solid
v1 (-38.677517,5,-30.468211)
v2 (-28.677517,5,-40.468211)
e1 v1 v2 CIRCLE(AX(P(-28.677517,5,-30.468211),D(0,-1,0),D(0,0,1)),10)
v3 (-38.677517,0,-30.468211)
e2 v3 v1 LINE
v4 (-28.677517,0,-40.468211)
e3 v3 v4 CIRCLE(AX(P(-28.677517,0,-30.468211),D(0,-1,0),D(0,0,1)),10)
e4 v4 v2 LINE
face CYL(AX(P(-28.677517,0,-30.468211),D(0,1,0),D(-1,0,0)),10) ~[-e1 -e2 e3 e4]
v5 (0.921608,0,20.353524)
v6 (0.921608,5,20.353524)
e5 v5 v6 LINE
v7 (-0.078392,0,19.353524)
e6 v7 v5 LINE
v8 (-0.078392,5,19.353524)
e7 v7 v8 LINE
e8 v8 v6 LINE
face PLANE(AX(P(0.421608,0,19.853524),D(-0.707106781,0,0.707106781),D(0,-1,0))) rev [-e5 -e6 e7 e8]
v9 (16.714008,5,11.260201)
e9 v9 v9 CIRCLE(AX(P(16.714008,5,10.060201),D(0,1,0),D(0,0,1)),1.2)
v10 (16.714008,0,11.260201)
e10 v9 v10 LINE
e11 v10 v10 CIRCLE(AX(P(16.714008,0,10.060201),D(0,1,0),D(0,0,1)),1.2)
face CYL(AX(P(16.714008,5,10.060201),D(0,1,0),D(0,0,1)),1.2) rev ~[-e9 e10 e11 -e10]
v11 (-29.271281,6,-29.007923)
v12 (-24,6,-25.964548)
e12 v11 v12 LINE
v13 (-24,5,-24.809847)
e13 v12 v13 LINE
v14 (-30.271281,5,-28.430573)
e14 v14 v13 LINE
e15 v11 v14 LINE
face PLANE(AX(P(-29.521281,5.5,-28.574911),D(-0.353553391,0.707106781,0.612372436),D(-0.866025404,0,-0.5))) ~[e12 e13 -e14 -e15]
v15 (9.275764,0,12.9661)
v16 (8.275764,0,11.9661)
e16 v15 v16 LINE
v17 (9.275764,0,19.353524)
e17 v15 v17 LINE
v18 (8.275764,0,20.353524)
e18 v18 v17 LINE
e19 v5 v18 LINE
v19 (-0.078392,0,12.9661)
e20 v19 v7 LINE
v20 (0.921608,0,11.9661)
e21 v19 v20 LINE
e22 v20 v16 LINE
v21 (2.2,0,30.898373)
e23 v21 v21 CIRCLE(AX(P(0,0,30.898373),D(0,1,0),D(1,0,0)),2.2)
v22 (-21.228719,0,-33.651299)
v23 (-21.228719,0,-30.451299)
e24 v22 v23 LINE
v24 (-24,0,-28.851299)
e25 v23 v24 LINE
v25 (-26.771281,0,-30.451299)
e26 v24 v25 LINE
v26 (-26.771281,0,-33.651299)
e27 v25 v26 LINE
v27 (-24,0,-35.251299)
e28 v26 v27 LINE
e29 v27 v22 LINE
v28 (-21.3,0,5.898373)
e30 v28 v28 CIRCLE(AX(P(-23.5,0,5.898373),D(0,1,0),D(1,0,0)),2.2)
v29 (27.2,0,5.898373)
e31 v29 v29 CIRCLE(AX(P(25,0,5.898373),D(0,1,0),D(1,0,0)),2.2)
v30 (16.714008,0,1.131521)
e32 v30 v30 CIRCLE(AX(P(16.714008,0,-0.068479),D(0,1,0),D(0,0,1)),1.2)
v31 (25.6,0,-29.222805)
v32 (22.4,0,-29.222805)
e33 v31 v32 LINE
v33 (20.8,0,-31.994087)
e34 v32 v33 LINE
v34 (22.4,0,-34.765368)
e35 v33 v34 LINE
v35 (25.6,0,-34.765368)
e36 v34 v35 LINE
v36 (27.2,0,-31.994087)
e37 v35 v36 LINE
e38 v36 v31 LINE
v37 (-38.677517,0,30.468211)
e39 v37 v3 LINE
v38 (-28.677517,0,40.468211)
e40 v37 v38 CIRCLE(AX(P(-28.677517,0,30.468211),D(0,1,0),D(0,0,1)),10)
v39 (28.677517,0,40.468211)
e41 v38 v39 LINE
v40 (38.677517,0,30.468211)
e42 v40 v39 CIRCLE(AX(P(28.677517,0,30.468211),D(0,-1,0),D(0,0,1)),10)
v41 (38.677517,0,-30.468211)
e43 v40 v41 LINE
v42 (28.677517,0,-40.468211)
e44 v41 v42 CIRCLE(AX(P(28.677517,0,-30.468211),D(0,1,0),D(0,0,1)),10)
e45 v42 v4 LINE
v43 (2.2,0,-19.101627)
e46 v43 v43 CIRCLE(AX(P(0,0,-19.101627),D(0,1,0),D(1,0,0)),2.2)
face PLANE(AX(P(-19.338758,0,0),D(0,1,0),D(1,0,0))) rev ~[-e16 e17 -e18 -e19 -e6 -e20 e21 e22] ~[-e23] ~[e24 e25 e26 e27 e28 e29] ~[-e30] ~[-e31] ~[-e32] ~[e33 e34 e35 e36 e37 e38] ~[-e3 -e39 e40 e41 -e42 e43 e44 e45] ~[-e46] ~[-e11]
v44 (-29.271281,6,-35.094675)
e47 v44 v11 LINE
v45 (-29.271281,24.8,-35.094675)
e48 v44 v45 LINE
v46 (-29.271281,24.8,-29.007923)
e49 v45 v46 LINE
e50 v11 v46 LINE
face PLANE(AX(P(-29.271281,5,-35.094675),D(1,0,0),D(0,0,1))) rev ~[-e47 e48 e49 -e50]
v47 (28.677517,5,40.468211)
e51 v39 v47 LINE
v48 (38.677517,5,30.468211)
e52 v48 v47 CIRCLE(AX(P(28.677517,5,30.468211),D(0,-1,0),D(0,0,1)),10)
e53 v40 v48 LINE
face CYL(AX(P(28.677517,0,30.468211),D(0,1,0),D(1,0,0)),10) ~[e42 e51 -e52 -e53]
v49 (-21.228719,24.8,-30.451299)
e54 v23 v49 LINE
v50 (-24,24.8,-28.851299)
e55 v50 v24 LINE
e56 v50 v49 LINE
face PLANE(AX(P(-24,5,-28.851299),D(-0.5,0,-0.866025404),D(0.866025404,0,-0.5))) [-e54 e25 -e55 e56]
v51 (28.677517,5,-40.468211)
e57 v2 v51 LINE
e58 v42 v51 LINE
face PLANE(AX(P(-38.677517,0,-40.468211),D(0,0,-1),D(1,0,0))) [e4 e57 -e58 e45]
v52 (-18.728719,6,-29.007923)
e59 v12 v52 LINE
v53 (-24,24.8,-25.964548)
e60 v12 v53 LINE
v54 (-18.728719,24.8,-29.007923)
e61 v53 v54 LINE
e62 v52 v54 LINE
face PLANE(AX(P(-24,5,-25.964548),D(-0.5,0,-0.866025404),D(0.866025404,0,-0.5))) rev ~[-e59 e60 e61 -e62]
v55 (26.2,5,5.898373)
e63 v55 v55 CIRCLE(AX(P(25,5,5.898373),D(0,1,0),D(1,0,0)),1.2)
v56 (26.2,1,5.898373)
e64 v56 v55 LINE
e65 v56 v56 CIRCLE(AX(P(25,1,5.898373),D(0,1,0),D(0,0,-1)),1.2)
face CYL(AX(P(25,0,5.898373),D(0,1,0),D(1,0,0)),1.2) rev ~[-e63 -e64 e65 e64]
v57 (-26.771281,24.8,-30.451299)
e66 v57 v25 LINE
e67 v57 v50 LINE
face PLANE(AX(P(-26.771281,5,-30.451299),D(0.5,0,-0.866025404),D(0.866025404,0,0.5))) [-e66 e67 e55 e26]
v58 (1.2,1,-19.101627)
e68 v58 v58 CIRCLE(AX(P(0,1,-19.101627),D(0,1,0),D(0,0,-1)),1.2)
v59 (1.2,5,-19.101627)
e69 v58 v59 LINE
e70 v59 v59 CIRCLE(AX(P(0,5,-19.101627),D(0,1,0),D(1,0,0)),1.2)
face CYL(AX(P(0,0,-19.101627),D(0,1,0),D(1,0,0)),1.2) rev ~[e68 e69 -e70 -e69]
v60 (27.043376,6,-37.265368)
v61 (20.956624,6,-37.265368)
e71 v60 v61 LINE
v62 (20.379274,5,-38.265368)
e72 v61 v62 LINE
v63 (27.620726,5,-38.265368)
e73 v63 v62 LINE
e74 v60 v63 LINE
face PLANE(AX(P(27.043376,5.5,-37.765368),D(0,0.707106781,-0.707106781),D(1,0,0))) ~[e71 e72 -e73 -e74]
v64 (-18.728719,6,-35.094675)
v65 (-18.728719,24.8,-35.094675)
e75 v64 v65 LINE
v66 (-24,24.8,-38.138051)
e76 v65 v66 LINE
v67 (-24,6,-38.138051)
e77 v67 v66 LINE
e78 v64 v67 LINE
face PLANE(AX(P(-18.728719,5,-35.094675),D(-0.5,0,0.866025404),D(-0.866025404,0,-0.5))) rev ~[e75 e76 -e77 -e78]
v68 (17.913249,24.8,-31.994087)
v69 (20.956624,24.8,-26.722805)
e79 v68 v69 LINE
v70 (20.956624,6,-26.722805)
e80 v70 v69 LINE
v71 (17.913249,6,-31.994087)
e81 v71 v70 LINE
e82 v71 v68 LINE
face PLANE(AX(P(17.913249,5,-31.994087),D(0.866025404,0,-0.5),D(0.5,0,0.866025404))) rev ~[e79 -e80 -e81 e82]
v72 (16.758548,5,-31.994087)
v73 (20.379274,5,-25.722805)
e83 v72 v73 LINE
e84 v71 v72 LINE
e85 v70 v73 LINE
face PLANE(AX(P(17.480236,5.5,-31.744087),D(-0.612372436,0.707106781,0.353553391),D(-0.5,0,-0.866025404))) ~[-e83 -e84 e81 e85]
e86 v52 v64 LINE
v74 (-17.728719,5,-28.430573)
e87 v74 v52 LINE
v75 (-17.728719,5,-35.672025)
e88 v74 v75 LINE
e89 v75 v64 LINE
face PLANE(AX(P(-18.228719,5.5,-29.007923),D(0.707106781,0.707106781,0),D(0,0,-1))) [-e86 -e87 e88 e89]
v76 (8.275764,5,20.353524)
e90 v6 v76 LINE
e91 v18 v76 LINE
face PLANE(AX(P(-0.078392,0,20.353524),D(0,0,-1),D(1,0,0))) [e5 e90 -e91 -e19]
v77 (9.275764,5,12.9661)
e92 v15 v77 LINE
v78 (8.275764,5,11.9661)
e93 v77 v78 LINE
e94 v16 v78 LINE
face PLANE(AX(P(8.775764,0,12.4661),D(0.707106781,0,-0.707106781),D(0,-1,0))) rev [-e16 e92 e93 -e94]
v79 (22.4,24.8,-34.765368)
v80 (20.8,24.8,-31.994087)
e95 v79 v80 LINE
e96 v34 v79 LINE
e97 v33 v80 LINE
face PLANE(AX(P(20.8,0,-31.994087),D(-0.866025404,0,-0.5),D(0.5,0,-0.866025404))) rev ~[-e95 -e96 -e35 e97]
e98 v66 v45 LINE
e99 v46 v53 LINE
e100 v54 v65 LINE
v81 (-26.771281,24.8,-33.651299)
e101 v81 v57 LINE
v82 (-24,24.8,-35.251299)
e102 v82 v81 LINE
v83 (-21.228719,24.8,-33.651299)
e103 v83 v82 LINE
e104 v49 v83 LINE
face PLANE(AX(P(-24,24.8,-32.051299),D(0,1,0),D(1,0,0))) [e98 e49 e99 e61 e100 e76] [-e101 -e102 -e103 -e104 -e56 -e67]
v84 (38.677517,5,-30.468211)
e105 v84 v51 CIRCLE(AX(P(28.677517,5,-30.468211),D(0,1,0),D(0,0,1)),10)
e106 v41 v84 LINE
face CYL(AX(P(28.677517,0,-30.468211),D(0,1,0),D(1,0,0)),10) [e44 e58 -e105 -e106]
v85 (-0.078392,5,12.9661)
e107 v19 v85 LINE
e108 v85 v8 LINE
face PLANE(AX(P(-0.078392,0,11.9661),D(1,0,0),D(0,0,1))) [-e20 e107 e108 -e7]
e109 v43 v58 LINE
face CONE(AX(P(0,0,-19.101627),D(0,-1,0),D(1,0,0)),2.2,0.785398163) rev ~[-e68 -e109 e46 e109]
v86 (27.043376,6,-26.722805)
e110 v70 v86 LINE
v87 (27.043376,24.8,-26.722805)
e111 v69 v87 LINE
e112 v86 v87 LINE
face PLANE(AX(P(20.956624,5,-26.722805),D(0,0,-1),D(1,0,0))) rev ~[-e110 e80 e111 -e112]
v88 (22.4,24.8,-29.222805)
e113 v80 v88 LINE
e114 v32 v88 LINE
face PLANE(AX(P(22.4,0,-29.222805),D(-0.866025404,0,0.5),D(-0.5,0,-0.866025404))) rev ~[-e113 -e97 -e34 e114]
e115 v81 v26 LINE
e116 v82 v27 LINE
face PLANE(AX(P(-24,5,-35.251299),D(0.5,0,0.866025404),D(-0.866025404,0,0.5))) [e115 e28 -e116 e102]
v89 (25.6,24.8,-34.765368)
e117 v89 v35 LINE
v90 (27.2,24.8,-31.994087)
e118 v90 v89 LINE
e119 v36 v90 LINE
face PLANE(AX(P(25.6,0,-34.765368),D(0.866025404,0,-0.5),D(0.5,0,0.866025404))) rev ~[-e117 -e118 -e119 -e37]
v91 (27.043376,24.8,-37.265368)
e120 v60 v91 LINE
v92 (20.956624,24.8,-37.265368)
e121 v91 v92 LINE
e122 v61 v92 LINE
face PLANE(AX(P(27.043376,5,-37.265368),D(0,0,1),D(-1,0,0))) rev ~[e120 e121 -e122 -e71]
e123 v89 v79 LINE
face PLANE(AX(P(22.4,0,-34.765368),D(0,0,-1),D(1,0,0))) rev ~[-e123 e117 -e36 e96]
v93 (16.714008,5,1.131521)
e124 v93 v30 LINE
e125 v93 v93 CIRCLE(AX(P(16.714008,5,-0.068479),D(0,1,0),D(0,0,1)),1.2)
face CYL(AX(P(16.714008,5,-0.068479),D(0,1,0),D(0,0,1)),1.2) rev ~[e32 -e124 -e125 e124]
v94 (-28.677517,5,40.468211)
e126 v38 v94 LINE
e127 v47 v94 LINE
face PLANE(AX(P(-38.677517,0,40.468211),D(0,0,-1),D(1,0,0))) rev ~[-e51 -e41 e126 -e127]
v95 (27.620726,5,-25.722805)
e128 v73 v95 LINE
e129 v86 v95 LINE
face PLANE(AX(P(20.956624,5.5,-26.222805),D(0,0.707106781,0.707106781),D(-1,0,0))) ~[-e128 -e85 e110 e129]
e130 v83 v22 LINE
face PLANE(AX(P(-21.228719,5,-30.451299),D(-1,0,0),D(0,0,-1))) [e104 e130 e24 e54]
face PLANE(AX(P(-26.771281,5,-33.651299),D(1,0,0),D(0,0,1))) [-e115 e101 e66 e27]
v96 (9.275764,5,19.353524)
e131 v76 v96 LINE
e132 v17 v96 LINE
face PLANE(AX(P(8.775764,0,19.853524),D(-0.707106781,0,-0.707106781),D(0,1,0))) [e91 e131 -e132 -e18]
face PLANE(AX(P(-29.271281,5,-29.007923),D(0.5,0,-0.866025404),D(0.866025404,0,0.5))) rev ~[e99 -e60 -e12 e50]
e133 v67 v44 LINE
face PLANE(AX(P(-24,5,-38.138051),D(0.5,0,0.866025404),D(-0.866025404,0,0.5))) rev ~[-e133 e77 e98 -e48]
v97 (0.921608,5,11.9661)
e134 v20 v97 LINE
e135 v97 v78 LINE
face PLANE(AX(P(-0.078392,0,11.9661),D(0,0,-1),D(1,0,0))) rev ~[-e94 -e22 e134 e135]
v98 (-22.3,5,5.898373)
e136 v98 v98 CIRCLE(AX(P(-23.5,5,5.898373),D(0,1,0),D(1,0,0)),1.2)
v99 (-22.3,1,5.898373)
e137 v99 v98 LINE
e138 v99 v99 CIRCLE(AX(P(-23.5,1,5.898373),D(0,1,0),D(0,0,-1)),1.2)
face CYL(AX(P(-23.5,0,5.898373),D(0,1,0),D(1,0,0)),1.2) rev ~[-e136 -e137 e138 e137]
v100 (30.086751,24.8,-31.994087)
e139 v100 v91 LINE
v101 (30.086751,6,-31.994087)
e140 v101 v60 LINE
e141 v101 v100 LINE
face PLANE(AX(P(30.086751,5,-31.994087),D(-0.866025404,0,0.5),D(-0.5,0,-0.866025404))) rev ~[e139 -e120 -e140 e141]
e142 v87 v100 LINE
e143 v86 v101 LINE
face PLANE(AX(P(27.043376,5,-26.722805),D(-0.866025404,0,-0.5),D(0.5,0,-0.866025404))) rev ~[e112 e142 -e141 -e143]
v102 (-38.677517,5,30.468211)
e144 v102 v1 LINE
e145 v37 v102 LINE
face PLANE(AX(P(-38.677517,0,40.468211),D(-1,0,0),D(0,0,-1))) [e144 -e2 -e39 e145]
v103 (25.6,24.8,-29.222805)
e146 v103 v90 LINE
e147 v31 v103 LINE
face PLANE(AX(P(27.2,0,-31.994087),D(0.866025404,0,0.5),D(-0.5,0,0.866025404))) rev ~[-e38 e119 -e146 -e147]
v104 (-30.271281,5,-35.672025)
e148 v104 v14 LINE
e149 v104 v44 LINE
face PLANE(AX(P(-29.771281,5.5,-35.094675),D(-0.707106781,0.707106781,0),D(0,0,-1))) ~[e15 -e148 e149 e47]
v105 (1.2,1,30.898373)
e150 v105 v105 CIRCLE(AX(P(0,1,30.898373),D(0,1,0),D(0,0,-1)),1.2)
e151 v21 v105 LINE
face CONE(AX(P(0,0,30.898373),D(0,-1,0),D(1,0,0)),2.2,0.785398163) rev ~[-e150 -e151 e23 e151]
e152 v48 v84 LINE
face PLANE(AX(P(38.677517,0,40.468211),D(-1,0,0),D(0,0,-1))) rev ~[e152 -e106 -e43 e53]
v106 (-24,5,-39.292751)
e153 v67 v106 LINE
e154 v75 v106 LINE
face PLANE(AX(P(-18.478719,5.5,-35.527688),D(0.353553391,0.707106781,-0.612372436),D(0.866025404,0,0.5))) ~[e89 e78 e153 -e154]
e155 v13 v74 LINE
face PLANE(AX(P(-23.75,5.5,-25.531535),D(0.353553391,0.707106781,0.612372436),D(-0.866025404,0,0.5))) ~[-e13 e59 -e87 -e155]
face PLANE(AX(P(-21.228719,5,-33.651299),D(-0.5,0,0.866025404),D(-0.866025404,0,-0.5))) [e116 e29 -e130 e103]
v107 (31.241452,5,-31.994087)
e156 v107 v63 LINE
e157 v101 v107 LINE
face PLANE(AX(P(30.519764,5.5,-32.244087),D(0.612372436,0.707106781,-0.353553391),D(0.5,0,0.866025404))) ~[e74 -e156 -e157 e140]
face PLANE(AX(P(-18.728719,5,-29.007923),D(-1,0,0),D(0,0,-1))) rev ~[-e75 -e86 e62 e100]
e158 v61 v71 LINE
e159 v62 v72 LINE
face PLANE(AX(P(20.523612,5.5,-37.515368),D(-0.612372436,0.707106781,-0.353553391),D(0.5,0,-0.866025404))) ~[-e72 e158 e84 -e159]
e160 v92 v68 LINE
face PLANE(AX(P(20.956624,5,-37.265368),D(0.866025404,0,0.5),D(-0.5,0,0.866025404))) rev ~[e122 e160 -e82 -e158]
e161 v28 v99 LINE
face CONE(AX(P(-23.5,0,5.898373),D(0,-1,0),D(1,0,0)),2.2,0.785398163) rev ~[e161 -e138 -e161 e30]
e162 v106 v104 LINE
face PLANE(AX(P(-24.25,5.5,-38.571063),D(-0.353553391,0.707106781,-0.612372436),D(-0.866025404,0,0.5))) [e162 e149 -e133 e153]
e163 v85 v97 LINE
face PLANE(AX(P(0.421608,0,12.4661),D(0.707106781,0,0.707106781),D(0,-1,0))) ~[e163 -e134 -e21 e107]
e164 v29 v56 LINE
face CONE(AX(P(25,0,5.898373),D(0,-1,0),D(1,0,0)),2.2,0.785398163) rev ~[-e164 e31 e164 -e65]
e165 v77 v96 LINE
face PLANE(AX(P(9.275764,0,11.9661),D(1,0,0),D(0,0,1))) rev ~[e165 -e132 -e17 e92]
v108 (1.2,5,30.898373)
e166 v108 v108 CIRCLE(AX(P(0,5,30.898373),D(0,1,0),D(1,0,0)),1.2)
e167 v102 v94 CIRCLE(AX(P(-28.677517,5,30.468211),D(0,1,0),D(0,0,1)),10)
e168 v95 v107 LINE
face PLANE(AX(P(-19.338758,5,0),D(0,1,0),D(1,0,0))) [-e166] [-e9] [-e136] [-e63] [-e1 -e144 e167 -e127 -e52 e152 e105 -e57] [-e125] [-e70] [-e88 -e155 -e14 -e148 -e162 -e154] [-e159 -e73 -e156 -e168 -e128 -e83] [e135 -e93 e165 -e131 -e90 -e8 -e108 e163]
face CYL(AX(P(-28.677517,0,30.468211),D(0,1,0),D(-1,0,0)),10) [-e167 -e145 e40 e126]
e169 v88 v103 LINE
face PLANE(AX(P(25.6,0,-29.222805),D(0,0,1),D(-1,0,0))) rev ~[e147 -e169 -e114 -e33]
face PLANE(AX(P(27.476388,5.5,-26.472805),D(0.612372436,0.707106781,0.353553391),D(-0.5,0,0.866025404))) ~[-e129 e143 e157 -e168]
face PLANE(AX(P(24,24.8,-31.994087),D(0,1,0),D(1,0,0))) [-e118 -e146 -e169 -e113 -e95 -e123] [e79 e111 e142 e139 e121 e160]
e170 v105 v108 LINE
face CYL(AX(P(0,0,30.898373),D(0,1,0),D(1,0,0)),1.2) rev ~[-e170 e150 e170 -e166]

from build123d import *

# Parameters (mm, degrees)
SKETCH1_W                                       = 38.677516632
SKETCH1_H                                       = 80.9364214
BOSS_EXTRUDE1_DEPTH                             = 5
FILLET1_R                                       = 10
BOSS_EXTRUDE2_DEPTH                             = 19.8
CHAMFER1_SIZE                                   = 1
CSK_FOR_M2_FLAT_HEAD_MACHINE_SCREW1_D           = 2.4
CSK_FOR_M2_FLAT_HEAD_MACHINE_SCREW1_CSINK_D     = 4.4
CSK_FOR_M2_FLAT_HEAD_MACHINE_SCREW1_CSINK_ANGLE = 90
CUT_EXTRUDE3_REACH                              = 63.226
SKETCH12_W                                      = 9.354156198
SKETCH12_H                                      = 8.387423898
CHAMFER3_SIZE                                   = 1
SKETCH15_R                                      = 1.2
CUT_EXTRUDE4_DEPTH                              = 10


with BuildPart() as part:
    # Sketch1 → Boss-Extrude1 (new body)
    # profile 1 of 2: a face of its own
    with BuildSketch(Plane(origin=(0, 0, 0), x_dir=(1, 0, 0), z_dir=(0, 1, 0))):
        with Locations((19.338758316, 0)):
            Rectangle(SKETCH1_W, SKETCH1_H)
        Polygon((25.6, 34.765367903), (27.2, 31.994086611), (25.6, 29.222805318), (22.4, 29.222805318), (20.8, 31.994086611), (22.4, 34.765367903), align=None, mode=Mode.SUBTRACT)
    # profile 2 of 2: a face of its own
    with BuildSketch(Plane(origin=(0, 0, 0), x_dir=(1, 0, 0), z_dir=(0, 1, 0))):
        with Locations((-19.338758316, 0)):
            Rectangle(SKETCH1_W, SKETCH1_H)
        Polygon((-24, 35.251299163), (-21.228718708, 33.651299163), (-21.228718708, 30.451299163), (-24, 28.851299163), (-26.771281292, 30.451299163), (-26.771281292, 33.651299163), align=None, mode=Mode.SUBTRACT)
    extrude(amount=BOSS_EXTRUDE1_DEPTH)

    # Fillet1
    fillet1_edges = [part.edges().sort_by_distance(p)[0] for p in [
        (-38.677516632, 2.5, 40.4682107),
        (-38.677516632, 2.5, -40.4682107),
        (38.677516632, 2.5, -40.4682107),
        (38.677516632, 2.5, 40.4682107),
    ]]
    fillet(fillet1_edges, radius=FILLET1_R)

    # Sketch7 → Boss-Extrude2 (add)
    # profile 1 of 2: a face of its own
    with BuildSketch(Plane(origin=(0, 5, 0), x_dir=(1, 0, 0), z_dir=(0, 1, 0))):
        Polygon((-18.728718708, 35.094674836), (-24, 38.138050509), (-29.271281292, 35.094674836), (-29.271281292, 29.00792349), (-24, 25.964547817), (-18.728718708, 29.00792349), align=None)
        Polygon((-21.228718708, 30.451299163), (-21.228718708, 33.651299163), (-24, 35.251299163), (-26.771281292, 33.651299163), (-26.771281292, 30.451299163), (-24, 28.851299163), align=None, mode=Mode.SUBTRACT)
    # profile 2 of 2: a face of its own
    with BuildSketch(Plane(origin=(0, 5, 0), x_dir=(1, 0, 0), z_dir=(0, 1, 0))):
        Polygon((27.043375673, 37.265367903), (20.956624327, 37.265367903), (17.913248654, 31.994086611), (20.956624327, 26.722805318), (27.043375673, 26.722805318), (30.086751346, 31.994086611), align=None)
        Polygon((25.6, 34.765367903), (22.4, 34.765367903), (20.8, 31.994086611), (22.4, 29.222805318), (25.6, 29.222805318), (27.2, 31.994086611), align=None, mode=Mode.SUBTRACT)
    extrude(amount=BOSS_EXTRUDE2_DEPTH)

    # Chamfer1
    chamfer1_edges = [part.edges().sort_by_distance(p)[0] for p in [
        (-18.728718708, 5, -32.051299163),
        (-21.364359354, 5, -36.616362672),
        (-26.635640646, 5, -36.616362672),
        (-29.271281292, 5, -32.051299163),
        (-26.635640646, 5, -27.486235653),
        (-21.364359354, 5, -27.486235653),
        (28.565063509, 5, -34.629727257),
        (24, 5, -37.265367903),
        (19.434936491, 5, -34.629727257),
        (19.434936491, 5, -29.358445964),
        (24, 5, -26.722805318),
        (28.565063509, 5, -29.358445964),
    ]]
    chamfer(chamfer1_edges, length=CHAMFER1_SIZE)

    # CSK for M2 Flat Head Machine Screw1 (through all)
    with Locations(Plane(origin=(0, 0, 0), x_dir=(-1, 0, 0), z_dir=(0, -1, 0))):
        with Locations((-25, -5.898372583), (0, -30.898372583), (23.5, -5.898372583), (0, 19.101627417)):
            CounterSinkHole(CSK_FOR_M2_FLAT_HEAD_MACHINE_SCREW1_D / 2, CSK_FOR_M2_FLAT_HEAD_MACHINE_SCREW1_CSINK_D / 2, counter_sink_angle=CSK_FOR_M2_FLAT_HEAD_MACHINE_SCREW1_CSINK_ANGLE)

    # Sketch12 → Cut-Extrude3 (cut, up to next)
    with BuildSketch(Plane.XZ, mode=Mode.PRIVATE) as cut_extrude3_sk1:
        with Locations((4.598685832, 16.15981243)):
            Rectangle(SKETCH12_W, SKETCH12_H)
    cut_extrude3_tool1 = extrude(cut_extrude3_sk1.sketch, amount=-CUT_EXTRUDE3_REACH, mode=Mode.PRIVATE) & part.part
    add(cut_extrude3_tool1.solids().sort_by_distance((4.598686, 0, 16.159812))[0], mode=Mode.SUBTRACT)

    # Chamfer3
    chamfer3_edges = [part.edges().sort_by_distance(p)[0] for p in [
        (9.275763931, 2.5, 20.353524379),
        (9.275763931, 2.5, 11.966100481),
        (-0.078392267, 2.5, 11.966100481),
        (-0.078392267, 2.5, 20.353524379),
    ]]
    chamfer(chamfer3_edges, length=CHAMFER3_SIZE)

    # Sketch15 → Cut-Extrude4 (cut)
    with BuildSketch(Plane(origin=(0, 5, 0), x_dir=(1, 0, 0), z_dir=(0, 1, 0))):
        with Locations(Location((16.71400844, -10.060201476, 0), (0, 0, 270))):
            Circle(SKETCH15_R)
        with Locations(Location((16.71400844, 0.06847889, 0), (0, 0, 270))):
            Circle(SKETCH15_R)
    extrude(amount=-CUT_EXTRUDE4_DEPTH, mode=Mode.SUBTRACT)


solid = part.part
